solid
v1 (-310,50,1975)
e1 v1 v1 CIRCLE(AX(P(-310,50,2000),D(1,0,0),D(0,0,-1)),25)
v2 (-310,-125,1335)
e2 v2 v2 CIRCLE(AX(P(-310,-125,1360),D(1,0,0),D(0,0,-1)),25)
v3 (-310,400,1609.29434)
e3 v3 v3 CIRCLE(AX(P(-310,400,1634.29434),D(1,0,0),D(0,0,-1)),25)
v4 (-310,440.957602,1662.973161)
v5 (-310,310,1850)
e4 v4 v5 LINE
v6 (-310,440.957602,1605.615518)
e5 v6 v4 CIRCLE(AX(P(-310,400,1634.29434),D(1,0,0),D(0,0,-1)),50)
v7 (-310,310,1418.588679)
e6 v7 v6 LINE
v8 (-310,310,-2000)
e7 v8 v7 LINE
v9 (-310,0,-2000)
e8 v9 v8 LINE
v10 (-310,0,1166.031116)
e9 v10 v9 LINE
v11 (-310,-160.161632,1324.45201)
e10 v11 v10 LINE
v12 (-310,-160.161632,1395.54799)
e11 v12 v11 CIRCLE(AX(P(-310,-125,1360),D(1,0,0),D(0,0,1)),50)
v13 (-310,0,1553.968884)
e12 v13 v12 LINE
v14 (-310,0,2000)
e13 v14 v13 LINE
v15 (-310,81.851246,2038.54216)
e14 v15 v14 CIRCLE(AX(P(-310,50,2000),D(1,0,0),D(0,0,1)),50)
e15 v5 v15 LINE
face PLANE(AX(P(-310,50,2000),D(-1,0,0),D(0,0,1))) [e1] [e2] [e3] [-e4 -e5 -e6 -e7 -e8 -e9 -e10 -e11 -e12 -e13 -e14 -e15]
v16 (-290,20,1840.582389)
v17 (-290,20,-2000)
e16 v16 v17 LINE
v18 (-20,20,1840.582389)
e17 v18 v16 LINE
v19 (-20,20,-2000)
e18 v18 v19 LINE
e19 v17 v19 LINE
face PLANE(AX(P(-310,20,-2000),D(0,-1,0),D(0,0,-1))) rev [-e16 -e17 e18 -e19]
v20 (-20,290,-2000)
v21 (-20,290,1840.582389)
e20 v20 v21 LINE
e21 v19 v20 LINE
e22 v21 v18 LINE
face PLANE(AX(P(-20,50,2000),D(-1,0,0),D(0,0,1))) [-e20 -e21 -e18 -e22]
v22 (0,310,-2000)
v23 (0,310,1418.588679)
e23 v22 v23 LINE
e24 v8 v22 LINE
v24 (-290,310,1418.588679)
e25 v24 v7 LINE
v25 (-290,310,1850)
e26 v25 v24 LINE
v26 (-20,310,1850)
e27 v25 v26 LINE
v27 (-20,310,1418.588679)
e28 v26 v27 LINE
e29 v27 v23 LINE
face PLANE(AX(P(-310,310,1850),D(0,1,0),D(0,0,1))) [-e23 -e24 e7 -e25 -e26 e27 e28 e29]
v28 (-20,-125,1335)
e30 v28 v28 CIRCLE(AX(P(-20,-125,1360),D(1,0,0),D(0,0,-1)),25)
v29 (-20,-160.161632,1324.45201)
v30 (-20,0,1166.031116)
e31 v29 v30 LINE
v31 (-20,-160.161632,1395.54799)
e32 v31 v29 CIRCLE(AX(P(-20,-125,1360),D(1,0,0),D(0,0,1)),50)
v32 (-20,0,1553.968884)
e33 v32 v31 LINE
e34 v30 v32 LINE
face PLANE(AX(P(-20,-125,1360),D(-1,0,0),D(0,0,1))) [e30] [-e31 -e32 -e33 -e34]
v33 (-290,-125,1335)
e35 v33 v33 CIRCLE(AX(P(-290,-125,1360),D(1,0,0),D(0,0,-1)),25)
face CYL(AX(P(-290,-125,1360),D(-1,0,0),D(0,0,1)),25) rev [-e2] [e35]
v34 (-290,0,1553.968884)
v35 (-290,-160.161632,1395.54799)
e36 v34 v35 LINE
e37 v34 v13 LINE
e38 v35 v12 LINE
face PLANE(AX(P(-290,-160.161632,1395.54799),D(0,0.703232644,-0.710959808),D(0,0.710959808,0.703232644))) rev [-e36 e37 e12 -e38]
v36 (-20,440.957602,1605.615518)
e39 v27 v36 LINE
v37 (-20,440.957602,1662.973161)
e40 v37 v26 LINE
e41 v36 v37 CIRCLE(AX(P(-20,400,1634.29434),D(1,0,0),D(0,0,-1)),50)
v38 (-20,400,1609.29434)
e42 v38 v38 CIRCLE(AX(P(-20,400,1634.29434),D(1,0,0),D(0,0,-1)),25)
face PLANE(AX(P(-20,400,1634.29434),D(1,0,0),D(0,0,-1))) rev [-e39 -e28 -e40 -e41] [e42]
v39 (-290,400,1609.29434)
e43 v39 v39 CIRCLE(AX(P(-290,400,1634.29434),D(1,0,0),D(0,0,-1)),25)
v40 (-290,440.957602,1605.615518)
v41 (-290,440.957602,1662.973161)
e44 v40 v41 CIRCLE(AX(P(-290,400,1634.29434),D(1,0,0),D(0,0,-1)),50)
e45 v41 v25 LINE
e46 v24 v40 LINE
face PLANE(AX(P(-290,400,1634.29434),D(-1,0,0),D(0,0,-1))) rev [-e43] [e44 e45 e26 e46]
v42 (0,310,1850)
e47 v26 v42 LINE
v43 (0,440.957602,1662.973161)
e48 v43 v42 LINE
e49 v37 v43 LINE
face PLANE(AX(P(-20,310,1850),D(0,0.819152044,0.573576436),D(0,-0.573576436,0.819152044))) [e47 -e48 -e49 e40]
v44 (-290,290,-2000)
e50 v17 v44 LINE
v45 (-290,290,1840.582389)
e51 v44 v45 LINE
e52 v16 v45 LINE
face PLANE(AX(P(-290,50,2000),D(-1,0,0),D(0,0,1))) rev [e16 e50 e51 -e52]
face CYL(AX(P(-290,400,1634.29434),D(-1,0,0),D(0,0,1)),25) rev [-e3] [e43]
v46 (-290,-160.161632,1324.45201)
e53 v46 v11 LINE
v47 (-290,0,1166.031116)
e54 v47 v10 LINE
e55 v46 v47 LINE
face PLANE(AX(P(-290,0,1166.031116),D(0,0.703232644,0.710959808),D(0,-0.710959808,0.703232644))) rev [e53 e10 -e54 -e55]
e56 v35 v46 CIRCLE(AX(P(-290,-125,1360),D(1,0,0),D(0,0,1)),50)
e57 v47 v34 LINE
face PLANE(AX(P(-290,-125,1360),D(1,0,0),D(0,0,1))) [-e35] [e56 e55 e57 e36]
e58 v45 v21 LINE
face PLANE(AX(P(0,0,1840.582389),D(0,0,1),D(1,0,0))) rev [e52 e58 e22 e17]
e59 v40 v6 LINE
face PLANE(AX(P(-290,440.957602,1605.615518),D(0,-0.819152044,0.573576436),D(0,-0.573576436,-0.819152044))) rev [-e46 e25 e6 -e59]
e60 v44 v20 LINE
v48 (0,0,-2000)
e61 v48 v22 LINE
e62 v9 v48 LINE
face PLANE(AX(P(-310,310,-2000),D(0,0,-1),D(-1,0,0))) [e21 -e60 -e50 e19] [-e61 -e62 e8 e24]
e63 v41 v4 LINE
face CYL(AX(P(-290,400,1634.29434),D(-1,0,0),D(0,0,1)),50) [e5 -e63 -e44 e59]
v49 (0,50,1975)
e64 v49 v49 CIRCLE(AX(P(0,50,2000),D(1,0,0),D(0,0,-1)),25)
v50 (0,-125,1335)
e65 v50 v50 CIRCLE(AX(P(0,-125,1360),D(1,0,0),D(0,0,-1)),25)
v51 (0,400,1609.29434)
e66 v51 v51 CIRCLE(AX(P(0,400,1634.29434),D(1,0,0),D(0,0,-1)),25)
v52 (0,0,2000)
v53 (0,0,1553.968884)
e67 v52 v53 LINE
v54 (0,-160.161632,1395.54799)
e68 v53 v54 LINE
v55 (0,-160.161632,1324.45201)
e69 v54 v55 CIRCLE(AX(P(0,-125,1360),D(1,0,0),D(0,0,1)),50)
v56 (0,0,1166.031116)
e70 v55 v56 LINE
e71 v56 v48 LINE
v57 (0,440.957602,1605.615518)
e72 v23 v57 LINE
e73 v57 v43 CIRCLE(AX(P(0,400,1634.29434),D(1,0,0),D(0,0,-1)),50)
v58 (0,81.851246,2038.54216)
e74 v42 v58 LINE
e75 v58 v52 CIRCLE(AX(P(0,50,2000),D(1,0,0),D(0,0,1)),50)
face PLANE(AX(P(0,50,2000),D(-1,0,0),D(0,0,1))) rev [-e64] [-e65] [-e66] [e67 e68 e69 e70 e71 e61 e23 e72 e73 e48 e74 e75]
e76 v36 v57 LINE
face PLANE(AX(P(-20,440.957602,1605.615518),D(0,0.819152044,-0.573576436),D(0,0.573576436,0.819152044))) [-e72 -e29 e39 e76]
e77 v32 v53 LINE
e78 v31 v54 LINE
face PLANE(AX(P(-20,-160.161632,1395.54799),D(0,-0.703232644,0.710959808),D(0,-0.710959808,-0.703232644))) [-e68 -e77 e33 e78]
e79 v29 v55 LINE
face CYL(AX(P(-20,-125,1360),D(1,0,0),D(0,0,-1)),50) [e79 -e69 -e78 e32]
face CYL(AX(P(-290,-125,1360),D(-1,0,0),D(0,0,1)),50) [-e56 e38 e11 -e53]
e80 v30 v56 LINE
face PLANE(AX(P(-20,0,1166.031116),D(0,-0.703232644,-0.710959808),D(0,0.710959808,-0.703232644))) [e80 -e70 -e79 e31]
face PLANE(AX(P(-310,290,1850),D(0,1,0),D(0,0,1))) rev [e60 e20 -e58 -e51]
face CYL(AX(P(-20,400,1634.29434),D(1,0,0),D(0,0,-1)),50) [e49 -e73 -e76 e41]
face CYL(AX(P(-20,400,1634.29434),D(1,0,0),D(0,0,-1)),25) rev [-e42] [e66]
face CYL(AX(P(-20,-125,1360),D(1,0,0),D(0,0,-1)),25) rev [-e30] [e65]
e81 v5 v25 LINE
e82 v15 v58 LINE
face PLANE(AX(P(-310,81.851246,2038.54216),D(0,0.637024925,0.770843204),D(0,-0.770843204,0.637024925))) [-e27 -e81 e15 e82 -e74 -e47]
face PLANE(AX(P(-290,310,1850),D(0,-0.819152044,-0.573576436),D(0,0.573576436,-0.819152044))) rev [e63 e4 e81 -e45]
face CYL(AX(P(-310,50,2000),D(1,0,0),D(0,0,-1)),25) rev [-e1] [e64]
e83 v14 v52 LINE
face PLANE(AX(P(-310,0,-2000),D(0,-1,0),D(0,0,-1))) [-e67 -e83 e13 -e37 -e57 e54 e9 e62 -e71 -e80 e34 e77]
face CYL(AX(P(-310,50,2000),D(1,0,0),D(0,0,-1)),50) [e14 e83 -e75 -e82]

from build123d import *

# Parameters (mm, degrees)
SKETCH1_R           = 25
BOSS_EXTRUDE1_DEPTH = 310
SHELL1_T            = -20
BOSS_EXTRUDE3_REACH = 3867.524
SKETCH2_W           = 270
SKETCH2_H           = 270
SKETCH3_R           = 25
BOSS_EXTRUDE4_DEPTH = 20


with BuildPart() as part:
    # Sketch1 → Boss-Extrude1 (new body)
    with BuildSketch(Plane(origin=(0, 0, 0), x_dir=(0, 0, -1), z_dir=(1, 0, 0))):
        with BuildLine():
            Line((2000, 310), (2000, 0))
            Line((2000, 0), (-2000, 0))
            ThreePointArc((-2000, 0), (-2045.235839293, 28.699322933), (-2038.542160184, 81.85124626))
            Line((-2038.542160184, 81.85124626), (-1850, 310))
            Line((-1850, 310), (2000, 310))
        make_face()
        with Locations((-2000, 50)):
            Circle(SKETCH1_R, mode=Mode.SUBTRACT)
    extrude(amount=-BOSS_EXTRUDE1_DEPTH)

    # Shell1
    shell1_openings = [part.faces().sort_by_distance(p)[0] for p in [
        (-155, 155, -2000),
    ]]
    offset(amount=SHELL1_T, openings=shell1_openings, kind=Kind.INTERSECTION)

    # Sketch2 → Boss-Extrude3 (add, up to next)
    with BuildSketch(Plane(origin=(0, 0, 1840.58238892), x_dir=(1, 0, 0), z_dir=(0, 0, -1)), mode=Mode.PRIVATE) as boss_extrude3_sk1:
        with Locations((-155, -155)):
            Rectangle(SKETCH2_W, SKETCH2_H)
    boss_extrude3_tool1 = extrude(boss_extrude3_sk1.sketch, amount=-BOSS_EXTRUDE3_REACH, mode=Mode.PRIVATE) - part.part
    add(boss_extrude3_tool1.solids().sort_by_distance((-155, 155, 1840.582389))[0])

    # Sketch3 → Boss-Extrude4 (add)
    # profile 1 of 2: a face of its own
    with BuildSketch(Plane(origin=(0, 0, 0), x_dir=(0, 0, -1), z_dir=(1, 0, 0))):
        with BuildLine():
            Line((-1553.968883966, 0), (-1166.031116034, 0))
            Line((-1166.031116034, 0), (-1324.452009603, -160.161632196))
            ThreePointArc((-1324.452009603, -160.161632196), (-1360, -175), (-1395.547990397, -160.161632196))
            Line((-1395.547990397, -160.161632196), (-1553.968883966, 0))
        make_face()
        with Locations((-1360, -125)):
            Circle(SKETCH3_R, mode=Mode.SUBTRACT)
    # profile 2 of 2: a face of its own
    with BuildSketch(Plane(origin=(0, 0, 0), x_dir=(0, 0, -1), z_dir=(1, 0, 0))):
        with BuildLine():
            Line((-1850, 310), (-1662.97316143, 440.957602214))
            ThreePointArc((-1662.97316143, 440.957602214), (-1634.294339612, 450), (-1605.615517795, 440.957602214))
            Line((-1605.615517795, 440.957602214), (-1418.588679224, 310))
            Line((-1418.588679224, 310), (-1634.294339612, 310))
            Line((-1634.294339612, 310), (-1850, 310))
        make_face()
        with Locations((-1634.294339612, 400)):
            Circle(SKETCH3_R, mode=Mode.SUBTRACT)
    boss_extrude4 = extrude(amount=-BOSS_EXTRUDE4_DEPTH)

    # Mirror1: Boss-Extrude4 across plane
    add(boss_extrude4.mirror(Plane.ZY.offset(155)))


solid = part.part
